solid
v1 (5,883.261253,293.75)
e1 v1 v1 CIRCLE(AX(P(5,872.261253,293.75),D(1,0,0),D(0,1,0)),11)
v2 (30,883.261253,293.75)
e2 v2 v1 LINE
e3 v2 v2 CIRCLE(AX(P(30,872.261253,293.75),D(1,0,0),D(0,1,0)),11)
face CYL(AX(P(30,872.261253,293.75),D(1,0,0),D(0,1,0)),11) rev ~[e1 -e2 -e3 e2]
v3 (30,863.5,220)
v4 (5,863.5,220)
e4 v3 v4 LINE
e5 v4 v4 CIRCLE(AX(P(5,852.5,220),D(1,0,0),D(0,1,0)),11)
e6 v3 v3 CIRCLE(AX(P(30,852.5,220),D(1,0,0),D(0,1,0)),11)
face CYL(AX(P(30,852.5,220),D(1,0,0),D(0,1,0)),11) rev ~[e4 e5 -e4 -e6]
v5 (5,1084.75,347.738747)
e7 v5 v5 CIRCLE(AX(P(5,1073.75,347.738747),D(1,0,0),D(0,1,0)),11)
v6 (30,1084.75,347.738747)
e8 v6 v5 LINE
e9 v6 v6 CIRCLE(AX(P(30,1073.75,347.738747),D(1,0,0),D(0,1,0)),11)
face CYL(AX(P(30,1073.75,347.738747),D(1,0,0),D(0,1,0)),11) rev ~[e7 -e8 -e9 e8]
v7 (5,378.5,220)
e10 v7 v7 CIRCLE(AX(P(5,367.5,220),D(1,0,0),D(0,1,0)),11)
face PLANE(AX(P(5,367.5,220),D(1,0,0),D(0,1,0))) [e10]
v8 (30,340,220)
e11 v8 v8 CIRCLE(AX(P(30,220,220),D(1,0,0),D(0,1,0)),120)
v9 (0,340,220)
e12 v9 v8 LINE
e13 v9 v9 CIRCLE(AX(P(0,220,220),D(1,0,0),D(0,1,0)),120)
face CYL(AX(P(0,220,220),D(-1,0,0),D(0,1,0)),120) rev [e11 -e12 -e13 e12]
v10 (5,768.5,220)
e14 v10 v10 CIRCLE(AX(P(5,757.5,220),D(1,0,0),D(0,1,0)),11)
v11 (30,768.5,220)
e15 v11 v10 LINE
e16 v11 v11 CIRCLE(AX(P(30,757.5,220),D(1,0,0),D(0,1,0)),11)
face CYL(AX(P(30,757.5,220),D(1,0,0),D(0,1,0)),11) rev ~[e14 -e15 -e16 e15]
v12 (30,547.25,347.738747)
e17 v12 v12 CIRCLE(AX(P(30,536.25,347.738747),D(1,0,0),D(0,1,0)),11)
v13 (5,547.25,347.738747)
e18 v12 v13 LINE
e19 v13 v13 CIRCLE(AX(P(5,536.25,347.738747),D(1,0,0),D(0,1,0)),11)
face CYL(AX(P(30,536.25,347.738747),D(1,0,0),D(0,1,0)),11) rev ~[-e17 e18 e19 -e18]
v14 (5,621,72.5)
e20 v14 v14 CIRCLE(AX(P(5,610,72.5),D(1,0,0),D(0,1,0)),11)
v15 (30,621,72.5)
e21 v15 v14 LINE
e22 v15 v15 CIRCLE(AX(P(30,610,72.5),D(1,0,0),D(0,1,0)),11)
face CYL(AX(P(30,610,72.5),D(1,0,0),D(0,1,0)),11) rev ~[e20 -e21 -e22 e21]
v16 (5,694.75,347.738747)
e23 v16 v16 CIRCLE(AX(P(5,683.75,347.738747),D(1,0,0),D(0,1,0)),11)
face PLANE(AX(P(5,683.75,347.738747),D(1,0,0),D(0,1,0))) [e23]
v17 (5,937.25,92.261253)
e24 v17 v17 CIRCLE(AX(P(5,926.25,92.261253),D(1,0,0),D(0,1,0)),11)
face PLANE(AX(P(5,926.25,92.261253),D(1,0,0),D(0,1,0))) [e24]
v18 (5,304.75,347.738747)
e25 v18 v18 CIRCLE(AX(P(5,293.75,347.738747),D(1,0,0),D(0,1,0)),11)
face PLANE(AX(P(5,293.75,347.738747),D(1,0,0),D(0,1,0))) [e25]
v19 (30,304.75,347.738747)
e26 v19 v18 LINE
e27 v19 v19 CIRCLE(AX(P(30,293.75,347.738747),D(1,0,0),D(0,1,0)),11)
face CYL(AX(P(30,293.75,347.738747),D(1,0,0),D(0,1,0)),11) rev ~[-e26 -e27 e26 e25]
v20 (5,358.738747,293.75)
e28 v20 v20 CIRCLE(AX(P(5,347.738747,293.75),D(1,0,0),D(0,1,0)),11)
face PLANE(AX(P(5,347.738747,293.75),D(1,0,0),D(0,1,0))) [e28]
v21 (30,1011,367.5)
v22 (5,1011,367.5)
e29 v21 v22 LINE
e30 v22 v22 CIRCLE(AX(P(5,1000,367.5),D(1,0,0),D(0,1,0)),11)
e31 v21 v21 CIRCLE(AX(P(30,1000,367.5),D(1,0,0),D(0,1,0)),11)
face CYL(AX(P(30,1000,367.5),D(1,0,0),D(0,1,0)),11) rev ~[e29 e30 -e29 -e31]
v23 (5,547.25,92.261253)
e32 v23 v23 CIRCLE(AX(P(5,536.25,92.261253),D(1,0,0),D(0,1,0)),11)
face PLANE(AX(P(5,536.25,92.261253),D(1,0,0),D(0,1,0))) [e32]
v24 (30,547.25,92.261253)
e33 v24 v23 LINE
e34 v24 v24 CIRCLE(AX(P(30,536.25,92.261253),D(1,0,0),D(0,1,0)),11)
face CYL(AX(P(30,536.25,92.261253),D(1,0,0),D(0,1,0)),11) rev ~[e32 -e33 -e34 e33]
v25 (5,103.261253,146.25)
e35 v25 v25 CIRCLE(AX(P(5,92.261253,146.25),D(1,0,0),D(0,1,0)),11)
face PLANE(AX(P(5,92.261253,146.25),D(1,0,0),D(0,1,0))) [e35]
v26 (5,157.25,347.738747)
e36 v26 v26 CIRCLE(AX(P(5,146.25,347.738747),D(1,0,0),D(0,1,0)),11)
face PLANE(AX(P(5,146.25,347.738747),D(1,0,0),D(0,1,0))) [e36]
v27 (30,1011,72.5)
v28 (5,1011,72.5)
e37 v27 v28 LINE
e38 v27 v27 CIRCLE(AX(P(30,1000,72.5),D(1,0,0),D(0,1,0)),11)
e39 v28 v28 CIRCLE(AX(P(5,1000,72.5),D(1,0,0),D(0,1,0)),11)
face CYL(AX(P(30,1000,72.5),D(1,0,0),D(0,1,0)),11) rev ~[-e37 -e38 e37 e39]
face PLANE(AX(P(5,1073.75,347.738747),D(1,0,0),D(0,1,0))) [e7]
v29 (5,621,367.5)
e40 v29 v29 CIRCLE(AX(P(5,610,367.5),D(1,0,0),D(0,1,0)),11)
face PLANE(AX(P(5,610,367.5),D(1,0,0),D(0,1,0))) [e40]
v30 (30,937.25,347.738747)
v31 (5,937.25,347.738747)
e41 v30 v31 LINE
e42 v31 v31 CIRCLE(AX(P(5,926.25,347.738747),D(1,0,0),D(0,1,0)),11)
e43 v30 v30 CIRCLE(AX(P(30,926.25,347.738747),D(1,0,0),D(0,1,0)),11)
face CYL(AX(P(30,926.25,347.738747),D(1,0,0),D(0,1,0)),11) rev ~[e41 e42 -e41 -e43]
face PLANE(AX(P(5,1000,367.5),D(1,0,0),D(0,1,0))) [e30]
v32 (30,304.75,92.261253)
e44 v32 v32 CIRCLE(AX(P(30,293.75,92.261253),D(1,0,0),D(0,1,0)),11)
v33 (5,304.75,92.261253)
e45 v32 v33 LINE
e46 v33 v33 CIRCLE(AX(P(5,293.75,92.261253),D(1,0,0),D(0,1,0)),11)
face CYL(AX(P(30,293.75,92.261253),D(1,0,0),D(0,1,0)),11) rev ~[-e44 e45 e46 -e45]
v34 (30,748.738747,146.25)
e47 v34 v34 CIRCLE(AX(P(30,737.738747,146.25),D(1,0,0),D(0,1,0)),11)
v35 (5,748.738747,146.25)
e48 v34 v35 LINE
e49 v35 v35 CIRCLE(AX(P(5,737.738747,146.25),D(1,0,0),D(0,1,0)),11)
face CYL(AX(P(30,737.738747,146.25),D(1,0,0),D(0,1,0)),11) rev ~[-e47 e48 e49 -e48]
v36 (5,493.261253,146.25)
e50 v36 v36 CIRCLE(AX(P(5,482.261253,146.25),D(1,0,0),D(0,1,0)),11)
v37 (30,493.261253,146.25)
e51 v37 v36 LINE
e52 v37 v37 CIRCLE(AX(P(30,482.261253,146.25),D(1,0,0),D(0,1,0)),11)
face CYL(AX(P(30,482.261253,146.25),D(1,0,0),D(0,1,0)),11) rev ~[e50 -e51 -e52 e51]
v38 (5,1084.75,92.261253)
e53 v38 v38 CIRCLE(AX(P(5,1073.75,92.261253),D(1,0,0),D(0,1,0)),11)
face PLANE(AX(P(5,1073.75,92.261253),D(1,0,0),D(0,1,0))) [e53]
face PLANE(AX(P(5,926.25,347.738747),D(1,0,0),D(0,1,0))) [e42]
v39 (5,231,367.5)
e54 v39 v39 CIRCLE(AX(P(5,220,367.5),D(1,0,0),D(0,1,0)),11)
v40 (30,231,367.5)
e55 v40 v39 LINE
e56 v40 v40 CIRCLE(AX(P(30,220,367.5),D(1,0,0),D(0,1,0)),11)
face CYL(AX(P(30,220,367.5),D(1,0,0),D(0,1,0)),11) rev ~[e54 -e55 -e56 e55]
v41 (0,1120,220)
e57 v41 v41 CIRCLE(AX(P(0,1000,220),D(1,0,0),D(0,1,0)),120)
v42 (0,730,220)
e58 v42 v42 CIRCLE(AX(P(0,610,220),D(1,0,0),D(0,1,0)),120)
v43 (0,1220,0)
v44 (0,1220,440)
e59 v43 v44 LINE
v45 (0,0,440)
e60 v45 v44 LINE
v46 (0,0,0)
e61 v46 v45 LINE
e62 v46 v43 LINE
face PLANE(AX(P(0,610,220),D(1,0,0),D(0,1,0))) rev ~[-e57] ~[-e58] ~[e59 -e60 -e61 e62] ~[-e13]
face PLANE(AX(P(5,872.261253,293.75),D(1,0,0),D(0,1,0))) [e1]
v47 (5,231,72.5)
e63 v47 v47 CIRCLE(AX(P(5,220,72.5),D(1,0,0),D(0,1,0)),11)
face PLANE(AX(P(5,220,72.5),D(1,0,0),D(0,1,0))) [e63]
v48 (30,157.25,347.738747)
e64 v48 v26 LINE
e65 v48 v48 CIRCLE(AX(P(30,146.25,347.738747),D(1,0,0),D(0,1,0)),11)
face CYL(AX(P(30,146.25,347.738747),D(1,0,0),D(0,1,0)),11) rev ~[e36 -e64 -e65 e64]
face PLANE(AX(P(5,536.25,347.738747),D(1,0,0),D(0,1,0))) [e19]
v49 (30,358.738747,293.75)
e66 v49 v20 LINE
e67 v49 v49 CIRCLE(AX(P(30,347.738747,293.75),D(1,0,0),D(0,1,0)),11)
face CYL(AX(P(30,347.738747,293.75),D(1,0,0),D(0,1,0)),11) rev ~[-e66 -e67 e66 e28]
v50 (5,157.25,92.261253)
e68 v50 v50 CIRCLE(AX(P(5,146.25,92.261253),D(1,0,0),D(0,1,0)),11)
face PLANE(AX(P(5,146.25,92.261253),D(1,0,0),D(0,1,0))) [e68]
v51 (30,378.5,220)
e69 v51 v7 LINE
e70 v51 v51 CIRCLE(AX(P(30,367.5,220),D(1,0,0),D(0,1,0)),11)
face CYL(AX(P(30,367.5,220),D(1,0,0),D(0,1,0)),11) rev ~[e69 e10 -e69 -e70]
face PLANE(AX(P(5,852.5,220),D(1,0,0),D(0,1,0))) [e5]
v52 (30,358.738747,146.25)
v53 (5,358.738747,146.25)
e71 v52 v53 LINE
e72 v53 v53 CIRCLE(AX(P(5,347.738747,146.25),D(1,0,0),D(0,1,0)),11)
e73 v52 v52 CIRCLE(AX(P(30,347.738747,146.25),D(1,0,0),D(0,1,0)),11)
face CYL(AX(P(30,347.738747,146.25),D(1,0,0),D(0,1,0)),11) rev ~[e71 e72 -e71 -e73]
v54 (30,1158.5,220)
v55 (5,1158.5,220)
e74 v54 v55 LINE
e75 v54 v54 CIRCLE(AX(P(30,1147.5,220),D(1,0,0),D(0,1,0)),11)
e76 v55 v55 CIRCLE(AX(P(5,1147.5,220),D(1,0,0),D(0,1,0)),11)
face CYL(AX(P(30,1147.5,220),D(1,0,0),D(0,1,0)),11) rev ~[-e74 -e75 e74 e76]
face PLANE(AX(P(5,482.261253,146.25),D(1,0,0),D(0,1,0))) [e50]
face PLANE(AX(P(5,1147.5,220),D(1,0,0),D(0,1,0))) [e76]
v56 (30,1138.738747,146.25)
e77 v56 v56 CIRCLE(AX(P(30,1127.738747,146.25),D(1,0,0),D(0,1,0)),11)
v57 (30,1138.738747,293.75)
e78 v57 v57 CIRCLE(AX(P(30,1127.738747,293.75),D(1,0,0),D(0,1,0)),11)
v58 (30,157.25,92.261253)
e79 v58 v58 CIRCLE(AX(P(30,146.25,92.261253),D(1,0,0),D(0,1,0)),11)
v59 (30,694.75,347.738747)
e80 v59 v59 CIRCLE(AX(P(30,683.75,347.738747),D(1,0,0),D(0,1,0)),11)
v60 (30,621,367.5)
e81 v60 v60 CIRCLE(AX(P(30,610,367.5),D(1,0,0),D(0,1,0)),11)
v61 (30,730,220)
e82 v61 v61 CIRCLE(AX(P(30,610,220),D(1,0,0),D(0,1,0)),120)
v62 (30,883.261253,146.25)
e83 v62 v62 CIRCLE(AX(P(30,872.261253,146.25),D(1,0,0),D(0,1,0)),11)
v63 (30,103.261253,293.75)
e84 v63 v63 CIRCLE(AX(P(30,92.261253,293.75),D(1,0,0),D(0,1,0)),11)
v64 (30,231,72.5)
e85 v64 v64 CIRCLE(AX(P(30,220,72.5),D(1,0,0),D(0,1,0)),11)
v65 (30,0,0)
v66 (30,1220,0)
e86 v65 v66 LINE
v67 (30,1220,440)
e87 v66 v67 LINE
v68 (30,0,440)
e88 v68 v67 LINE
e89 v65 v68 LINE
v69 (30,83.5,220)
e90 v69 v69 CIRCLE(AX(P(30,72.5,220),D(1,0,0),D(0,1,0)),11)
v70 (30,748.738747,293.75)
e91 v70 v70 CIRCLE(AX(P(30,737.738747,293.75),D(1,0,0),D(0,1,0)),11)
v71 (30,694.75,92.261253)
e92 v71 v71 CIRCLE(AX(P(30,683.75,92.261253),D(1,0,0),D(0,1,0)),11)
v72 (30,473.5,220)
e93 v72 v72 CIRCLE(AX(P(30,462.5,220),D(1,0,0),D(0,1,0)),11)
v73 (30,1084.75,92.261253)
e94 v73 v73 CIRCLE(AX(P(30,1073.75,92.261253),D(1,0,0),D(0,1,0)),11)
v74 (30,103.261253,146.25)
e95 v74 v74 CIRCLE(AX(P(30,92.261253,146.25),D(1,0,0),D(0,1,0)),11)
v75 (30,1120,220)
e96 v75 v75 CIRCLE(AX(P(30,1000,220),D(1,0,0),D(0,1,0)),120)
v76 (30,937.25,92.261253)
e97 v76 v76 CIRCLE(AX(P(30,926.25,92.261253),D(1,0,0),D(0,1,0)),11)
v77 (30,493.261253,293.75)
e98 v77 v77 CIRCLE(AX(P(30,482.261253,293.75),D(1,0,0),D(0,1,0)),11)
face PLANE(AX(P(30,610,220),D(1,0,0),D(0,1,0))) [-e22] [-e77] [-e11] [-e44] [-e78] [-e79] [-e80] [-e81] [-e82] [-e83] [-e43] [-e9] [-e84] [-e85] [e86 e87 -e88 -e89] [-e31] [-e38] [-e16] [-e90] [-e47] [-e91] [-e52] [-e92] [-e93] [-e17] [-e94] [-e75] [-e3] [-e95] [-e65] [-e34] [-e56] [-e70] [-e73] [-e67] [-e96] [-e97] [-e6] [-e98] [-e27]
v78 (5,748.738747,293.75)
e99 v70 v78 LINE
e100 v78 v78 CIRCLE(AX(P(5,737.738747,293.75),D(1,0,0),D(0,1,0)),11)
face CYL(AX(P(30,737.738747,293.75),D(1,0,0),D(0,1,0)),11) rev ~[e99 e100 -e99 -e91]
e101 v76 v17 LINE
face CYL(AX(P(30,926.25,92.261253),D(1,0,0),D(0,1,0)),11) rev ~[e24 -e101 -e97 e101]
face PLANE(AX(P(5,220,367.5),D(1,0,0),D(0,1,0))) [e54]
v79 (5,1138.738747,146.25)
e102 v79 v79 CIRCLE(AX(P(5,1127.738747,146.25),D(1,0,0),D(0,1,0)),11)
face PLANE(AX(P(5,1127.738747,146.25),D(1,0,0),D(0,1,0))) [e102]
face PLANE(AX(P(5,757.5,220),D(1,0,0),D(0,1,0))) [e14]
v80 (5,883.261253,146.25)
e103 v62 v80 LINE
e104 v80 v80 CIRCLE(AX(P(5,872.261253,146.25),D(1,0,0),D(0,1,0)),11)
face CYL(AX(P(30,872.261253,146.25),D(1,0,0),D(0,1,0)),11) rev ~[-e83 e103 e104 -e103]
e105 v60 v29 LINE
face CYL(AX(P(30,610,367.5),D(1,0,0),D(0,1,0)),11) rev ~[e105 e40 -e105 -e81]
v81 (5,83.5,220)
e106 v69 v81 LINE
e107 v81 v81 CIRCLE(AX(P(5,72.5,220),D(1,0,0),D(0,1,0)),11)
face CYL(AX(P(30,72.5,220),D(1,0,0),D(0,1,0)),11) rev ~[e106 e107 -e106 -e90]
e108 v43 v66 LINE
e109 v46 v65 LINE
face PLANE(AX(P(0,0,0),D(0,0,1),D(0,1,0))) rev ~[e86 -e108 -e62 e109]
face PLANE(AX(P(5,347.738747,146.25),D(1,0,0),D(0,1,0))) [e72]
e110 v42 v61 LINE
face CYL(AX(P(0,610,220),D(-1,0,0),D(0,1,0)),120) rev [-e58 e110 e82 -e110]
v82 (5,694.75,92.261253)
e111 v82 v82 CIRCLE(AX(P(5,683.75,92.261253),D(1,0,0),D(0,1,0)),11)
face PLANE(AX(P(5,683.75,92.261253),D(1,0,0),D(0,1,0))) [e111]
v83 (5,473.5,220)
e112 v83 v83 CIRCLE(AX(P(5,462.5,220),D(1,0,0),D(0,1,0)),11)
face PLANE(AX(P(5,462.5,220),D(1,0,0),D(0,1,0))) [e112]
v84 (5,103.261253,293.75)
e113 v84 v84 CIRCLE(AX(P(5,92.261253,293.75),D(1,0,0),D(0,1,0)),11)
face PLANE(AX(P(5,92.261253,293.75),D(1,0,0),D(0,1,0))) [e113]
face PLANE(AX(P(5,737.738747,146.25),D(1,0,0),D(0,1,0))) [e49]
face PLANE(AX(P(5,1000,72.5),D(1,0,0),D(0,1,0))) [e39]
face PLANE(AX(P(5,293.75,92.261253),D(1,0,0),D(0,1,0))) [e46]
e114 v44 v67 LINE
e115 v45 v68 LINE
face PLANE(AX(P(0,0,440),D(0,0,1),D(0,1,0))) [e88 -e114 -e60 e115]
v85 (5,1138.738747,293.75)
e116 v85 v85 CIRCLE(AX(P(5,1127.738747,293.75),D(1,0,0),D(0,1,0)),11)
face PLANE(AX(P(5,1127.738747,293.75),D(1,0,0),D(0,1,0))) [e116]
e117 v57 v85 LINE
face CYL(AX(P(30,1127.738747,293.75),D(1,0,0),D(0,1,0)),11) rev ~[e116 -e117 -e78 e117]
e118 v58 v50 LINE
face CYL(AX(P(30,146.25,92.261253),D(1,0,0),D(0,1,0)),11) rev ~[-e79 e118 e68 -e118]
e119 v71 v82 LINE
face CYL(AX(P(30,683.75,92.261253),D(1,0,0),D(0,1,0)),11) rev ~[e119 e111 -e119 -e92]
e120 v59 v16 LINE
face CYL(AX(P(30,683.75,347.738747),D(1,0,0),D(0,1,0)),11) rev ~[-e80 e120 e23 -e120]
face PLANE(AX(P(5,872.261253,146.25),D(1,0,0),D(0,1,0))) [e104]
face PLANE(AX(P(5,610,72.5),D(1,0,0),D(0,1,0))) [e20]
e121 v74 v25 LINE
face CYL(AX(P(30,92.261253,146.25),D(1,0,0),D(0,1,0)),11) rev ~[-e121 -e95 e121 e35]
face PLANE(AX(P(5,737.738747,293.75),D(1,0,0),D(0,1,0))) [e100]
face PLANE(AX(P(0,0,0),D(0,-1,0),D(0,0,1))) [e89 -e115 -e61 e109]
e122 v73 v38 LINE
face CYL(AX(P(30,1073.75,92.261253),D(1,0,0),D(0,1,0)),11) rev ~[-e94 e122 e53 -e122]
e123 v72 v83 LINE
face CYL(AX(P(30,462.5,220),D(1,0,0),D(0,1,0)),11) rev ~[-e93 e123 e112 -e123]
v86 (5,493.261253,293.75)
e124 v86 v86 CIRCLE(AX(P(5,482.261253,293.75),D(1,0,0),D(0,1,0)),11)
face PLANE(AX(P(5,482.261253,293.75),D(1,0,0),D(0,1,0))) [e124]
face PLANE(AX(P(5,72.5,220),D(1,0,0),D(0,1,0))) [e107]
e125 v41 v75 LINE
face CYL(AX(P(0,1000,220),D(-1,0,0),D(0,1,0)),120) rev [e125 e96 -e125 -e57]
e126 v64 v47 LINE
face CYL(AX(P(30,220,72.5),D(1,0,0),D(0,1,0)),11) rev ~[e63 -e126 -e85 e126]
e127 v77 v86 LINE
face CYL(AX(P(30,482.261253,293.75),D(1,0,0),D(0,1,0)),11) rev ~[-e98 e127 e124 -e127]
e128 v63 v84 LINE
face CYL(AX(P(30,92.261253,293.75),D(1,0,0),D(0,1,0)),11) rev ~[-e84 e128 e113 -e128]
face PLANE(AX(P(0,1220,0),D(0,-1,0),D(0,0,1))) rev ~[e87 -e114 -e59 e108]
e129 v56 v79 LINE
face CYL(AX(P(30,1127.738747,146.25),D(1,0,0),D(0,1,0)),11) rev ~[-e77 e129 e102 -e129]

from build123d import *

# Parameters (mm, degrees)
F0_W     = 1220
F0_H     = 440
F0_R     = 120
F1_DEPTH = 30
F2_R     = 11
F3_DEPTH = 25


with BuildPart() as f1:
    # F0 (on Right) → F1 (new body)
    with BuildSketch(Plane.YZ):
        with Locations((610, 220)):
            Rectangle(F0_W, F0_H)
        with Locations((220, 220)):
            Circle(F0_R, mode=Mode.SUBTRACT)
        with Locations((610, 220)):
            Circle(F0_R, mode=Mode.SUBTRACT)
        with Locations((1000, 220)):
            Circle(F0_R, mode=Mode.SUBTRACT)
    extrude(amount=F1_DEPTH)

    # F2 (on face) → F3 (cut)
    with BuildSketch(Plane.YZ.offset(30)):
        with Locations((367.5, 220)):
            Circle(F2_R)
        with Locations((347.738747, 146.25)):
            Circle(F2_R)
        with Locations((293.75, 92.261253)):
            Circle(F2_R)
        with Locations((220, 72.5)):
            Circle(F2_R)
        with Locations((146.25, 92.261253)):
            Circle(F2_R)
        with Locations((92.261253, 146.25)):
            Circle(F2_R)
        with Locations((72.5, 220)):
            Circle(F2_R)
        with Locations((92.261253, 293.75)):
            Circle(F2_R)
        with Locations((146.25, 347.738747)):
            Circle(F2_R)
        with Locations((220, 367.5)):
            Circle(F2_R)
        with Locations((293.75, 347.738747)):
            Circle(F2_R)
        with Locations((347.738747, 293.75)):
            Circle(F2_R)
        with Locations((757.5, 220)):
            Circle(F2_R)
        with Locations((737.738747, 293.75)):
            Circle(F2_R)
        with Locations((683.75, 347.738747)):
            Circle(F2_R)
        with Locations((610, 367.5)):
            Circle(F2_R)
        with Locations((536.25, 347.738747)):
            Circle(F2_R)
        with Locations((482.261253, 293.75)):
            Circle(F2_R)
        with Locations((462.5, 220)):
            Circle(F2_R)
        with Locations((482.261253, 146.25)):
            Circle(F2_R)
        with Locations((536.25, 92.261253)):
            Circle(F2_R)
        with Locations((610, 72.5)):
            Circle(F2_R)
        with Locations((683.75, 92.261253)):
            Circle(F2_R)
        with Locations((737.738747, 146.25)):
            Circle(F2_R)
        with BuildLine():
            ThreePointArc((1136.5, 220), (1147.5, 209), (1158.5, 220))
            ThreePointArc((1158.5, 220), (1147.5, 231), (1136.5, 220))
        make_face()
        with Locations((1127.738747, 293.75)):
            Circle(F2_R)
        with Locations((1073.75, 347.738747)):
            Circle(F2_R)
        with Locations((1000, 367.5)):
            Circle(F2_R)
        with Locations((926.25, 347.738747)):
            Circle(F2_R)
        with Locations((872.261253, 293.75)):
            Circle(F2_R)
        with Locations((852.5, 220)):
            Circle(F2_R)
        with Locations((872.261253, 146.25)):
            Circle(F2_R)
        with Locations((926.25, 92.261253)):
            Circle(F2_R)
        with Locations((1000, 72.5)):
            Circle(F2_R)
        with Locations((1073.75, 92.261253)):
            Circle(F2_R)
        with Locations((1127.738747, 146.25)):
            Circle(F2_R)
    extrude(amount=-F3_DEPTH, mode=Mode.SUBTRACT)


solid = f1.part
